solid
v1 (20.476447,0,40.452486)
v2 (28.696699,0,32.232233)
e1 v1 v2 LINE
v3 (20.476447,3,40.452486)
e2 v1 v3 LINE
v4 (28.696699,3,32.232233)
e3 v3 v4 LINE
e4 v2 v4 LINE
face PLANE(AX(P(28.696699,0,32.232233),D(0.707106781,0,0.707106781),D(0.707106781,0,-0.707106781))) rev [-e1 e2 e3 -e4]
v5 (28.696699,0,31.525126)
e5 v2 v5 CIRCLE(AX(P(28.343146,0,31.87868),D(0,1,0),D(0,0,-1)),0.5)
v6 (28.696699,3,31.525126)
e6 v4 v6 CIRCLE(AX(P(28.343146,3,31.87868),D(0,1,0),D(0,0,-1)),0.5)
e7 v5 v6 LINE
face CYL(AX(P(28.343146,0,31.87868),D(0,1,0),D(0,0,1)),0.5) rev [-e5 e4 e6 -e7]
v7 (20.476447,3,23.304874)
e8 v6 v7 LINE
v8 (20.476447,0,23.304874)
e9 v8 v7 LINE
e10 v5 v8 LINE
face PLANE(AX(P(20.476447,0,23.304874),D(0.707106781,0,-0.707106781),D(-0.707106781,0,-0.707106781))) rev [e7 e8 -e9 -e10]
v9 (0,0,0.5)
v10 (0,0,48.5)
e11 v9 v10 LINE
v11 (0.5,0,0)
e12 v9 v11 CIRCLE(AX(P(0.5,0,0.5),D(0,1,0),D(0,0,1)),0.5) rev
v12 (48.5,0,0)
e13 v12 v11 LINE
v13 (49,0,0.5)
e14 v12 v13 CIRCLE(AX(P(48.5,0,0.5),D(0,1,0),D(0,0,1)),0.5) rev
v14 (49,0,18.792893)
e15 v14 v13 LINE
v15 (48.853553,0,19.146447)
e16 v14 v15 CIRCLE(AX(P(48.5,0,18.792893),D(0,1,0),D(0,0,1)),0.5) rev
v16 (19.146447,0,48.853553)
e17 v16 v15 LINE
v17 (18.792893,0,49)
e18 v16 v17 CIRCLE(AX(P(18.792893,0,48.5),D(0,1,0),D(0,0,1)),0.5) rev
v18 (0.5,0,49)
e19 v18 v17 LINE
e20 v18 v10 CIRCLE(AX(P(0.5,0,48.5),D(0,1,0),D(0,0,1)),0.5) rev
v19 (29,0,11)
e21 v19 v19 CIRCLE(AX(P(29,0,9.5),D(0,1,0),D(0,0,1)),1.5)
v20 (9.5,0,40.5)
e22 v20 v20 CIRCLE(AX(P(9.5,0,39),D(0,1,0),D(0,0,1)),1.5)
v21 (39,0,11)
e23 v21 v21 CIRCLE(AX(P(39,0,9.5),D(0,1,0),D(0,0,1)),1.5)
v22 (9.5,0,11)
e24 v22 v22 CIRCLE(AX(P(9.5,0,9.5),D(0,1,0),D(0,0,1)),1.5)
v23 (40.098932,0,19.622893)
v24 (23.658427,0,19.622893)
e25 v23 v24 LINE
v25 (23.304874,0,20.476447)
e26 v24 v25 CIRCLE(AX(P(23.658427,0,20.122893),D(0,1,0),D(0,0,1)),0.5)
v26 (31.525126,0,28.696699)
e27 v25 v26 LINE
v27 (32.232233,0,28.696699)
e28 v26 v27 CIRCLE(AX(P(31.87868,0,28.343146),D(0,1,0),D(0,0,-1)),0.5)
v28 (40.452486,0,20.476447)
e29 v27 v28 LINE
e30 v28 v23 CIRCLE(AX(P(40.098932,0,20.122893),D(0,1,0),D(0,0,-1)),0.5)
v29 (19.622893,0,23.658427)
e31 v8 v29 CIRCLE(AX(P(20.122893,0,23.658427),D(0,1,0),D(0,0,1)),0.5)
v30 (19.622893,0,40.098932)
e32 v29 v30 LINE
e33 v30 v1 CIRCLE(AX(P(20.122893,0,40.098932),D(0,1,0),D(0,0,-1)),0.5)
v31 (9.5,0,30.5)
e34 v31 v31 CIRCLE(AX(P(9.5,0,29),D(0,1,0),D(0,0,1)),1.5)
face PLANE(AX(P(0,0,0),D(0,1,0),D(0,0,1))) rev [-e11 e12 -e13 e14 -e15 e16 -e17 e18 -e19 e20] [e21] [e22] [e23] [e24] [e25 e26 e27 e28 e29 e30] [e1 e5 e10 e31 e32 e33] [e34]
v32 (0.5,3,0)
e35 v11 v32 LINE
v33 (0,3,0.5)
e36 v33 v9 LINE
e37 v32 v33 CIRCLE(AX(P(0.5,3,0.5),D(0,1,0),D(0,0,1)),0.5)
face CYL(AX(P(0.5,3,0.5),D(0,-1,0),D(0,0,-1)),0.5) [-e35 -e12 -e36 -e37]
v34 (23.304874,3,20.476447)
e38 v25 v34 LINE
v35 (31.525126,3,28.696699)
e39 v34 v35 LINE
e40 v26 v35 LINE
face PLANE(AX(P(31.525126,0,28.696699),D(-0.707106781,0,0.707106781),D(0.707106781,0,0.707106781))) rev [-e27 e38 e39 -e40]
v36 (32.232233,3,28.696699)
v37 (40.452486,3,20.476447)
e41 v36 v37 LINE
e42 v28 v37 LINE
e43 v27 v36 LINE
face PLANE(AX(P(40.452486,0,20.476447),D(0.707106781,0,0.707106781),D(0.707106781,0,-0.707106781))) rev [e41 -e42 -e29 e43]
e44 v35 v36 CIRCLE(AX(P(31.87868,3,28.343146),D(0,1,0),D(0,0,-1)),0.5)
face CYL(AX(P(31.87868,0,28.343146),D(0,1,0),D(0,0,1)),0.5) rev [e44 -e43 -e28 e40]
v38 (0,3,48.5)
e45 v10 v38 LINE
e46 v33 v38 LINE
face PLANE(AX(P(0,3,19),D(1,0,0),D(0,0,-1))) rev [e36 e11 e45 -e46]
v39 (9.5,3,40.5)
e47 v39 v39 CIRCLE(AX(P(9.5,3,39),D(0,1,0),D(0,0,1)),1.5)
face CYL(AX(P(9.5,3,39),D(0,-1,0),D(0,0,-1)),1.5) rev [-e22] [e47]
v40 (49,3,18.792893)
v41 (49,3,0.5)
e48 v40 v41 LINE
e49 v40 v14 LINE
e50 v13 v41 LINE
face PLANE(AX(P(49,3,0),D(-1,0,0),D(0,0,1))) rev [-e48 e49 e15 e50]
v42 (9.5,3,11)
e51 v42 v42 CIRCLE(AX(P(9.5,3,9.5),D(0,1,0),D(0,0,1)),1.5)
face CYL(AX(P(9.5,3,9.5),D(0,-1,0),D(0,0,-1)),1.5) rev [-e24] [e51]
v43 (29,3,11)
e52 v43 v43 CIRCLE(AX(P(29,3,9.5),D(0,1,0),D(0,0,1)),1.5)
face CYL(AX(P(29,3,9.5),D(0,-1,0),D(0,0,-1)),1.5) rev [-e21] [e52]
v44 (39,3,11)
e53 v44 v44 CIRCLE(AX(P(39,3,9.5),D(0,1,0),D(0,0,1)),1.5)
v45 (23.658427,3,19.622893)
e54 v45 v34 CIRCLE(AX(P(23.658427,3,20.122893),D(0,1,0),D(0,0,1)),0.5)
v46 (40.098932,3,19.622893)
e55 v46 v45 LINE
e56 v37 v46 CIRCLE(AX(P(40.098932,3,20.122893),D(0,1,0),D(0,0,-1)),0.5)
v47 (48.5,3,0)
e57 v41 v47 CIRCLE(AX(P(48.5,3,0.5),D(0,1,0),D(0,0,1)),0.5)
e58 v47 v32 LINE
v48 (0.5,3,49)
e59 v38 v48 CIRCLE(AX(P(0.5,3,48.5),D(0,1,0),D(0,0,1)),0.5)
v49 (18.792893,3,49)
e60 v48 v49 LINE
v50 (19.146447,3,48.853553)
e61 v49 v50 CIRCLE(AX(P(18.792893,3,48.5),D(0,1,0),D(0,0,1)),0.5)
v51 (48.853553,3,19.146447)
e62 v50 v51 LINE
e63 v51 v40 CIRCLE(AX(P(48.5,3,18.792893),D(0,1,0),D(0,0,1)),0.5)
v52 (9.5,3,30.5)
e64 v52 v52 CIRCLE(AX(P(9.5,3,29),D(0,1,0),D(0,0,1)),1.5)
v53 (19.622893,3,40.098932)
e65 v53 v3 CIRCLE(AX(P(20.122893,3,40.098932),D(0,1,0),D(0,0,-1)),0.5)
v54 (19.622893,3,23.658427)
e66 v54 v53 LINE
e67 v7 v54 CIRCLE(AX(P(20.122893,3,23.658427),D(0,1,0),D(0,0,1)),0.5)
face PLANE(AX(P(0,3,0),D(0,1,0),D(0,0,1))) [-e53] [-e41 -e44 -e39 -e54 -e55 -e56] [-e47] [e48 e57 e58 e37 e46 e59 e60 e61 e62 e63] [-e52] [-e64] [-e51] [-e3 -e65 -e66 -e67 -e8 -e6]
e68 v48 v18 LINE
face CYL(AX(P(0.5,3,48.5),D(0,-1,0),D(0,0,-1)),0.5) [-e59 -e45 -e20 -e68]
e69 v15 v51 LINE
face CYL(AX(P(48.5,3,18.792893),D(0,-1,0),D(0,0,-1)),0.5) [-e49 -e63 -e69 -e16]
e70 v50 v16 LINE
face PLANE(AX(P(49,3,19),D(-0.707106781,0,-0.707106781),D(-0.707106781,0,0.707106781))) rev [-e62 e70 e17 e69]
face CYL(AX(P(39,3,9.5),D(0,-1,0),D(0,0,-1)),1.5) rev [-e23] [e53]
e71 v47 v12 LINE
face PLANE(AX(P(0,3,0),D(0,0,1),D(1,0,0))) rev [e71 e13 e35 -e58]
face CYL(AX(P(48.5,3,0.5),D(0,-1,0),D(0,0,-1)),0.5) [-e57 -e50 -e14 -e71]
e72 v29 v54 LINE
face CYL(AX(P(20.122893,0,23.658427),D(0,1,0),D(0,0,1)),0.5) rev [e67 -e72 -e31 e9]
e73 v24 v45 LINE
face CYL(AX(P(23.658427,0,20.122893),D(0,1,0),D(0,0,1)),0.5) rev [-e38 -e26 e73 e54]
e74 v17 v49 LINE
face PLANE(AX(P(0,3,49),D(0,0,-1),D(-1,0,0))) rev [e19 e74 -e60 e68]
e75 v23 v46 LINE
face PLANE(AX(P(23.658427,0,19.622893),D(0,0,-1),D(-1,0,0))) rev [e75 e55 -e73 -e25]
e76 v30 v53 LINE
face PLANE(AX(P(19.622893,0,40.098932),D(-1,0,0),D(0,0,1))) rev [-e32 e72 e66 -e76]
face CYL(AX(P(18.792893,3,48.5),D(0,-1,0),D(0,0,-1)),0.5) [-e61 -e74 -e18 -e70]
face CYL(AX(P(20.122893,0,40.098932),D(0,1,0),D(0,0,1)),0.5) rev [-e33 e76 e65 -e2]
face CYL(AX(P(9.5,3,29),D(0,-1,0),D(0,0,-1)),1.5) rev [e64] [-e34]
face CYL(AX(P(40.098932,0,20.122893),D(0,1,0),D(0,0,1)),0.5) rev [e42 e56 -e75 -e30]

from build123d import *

# Parameters (mm, degrees)
SKETCH1_R           = 1.5
BOSS_EXTRUDE1_DEPTH = 3
FILLET1_R           = 0.5
CUT_EXTRUDE1_DEPTH  = 3


with BuildPart() as part:
    # Sketch1 → Boss-Extrude1 (new body)
    with BuildSketch(Plane(origin=(0, 0, 0), x_dir=(1, 0, 0), z_dir=(0, 1, 0))):
        Polygon((0, 0), (49, 0), (49, -19), (19, -49), (0, -49), (0, -19), align=None)
        with Locations(Location((9.5, -9.5, 0), (0, 0, 270))):
            Circle(SKETCH1_R, mode=Mode.SUBTRACT)
        with Locations(Location((39, -9.5, 0), (0, 0, 270))):
            Circle(SKETCH1_R, mode=Mode.SUBTRACT)
        with Locations(Location((9.5, -39, 0), (0, 0, 270))):
            Circle(SKETCH1_R, mode=Mode.SUBTRACT)
        with Locations(Location((9.5, -29, 0), (0, 0, 270))):
            Circle(SKETCH1_R, mode=Mode.SUBTRACT)
        with Locations(Location((29, -9.5, 0), (0, 0, 270))):
            Circle(SKETCH1_R, mode=Mode.SUBTRACT)
    extrude(amount=BOSS_EXTRUDE1_DEPTH)

    # Fillet1
    fillet1_edges = [part.edges().sort_by_distance(p)[0] for p in [
        (0, 1.5, 0),
        (49, 1.5, 0),
        (49, 1.5, 19),
        (19, 1.5, 49),
        (0, 1.5, 49),
    ]]
    fillet(fillet1_edges, radius=FILLET1_R)

    # Sketch2 → Cut-Extrude1 (cut)
    with BuildSketch(Plane(origin=(0, 3, 0), x_dir=(1, 0, 0), z_dir=(0, 1, 0))):
        with BuildLine():
            Line((23.658427125, -19.622893219), (40.098932188, -19.622893219))
            ThreePointArc((40.098932188, -19.622893219), (40.560871954, -19.931551503), (40.452485579, -20.476446609))
            Line((40.452485579, -20.476446609), (32.232233047, -28.696699141))
            ThreePointArc((32.232233047, -28.696699141), (31.878679656, -28.843145751), (31.525126266, -28.696699141))
            Line((31.525126266, -28.696699141), (23.304873734, -20.476446609))
            ThreePointArc((23.304873734, -20.476446609), (23.196487358, -19.931551503), (23.658427125, -19.622893219))
        make_face()
        with BuildLine():
            Line((20.476446609, -23.304873734), (28.696699141, -31.525126266))
            ThreePointArc((28.696699141, -31.525126266), (28.843145751, -31.878679656), (28.696699141, -32.232233047))
            Line((28.696699141, -32.232233047), (20.476446609, -40.452485579))
            ThreePointArc((20.476446609, -40.452485579), (19.931551503, -40.560871954), (19.622893219, -40.098932188))
            Line((19.622893219, -40.098932188), (19.622893219, -23.658427125))
            ThreePointArc((19.622893219, -23.658427125), (19.931551503, -23.196487358), (20.476446609, -23.304873734))
        make_face()
    extrude(amount=-CUT_EXTRUDE1_DEPTH, mode=Mode.SUBTRACT)


solid = part.part
